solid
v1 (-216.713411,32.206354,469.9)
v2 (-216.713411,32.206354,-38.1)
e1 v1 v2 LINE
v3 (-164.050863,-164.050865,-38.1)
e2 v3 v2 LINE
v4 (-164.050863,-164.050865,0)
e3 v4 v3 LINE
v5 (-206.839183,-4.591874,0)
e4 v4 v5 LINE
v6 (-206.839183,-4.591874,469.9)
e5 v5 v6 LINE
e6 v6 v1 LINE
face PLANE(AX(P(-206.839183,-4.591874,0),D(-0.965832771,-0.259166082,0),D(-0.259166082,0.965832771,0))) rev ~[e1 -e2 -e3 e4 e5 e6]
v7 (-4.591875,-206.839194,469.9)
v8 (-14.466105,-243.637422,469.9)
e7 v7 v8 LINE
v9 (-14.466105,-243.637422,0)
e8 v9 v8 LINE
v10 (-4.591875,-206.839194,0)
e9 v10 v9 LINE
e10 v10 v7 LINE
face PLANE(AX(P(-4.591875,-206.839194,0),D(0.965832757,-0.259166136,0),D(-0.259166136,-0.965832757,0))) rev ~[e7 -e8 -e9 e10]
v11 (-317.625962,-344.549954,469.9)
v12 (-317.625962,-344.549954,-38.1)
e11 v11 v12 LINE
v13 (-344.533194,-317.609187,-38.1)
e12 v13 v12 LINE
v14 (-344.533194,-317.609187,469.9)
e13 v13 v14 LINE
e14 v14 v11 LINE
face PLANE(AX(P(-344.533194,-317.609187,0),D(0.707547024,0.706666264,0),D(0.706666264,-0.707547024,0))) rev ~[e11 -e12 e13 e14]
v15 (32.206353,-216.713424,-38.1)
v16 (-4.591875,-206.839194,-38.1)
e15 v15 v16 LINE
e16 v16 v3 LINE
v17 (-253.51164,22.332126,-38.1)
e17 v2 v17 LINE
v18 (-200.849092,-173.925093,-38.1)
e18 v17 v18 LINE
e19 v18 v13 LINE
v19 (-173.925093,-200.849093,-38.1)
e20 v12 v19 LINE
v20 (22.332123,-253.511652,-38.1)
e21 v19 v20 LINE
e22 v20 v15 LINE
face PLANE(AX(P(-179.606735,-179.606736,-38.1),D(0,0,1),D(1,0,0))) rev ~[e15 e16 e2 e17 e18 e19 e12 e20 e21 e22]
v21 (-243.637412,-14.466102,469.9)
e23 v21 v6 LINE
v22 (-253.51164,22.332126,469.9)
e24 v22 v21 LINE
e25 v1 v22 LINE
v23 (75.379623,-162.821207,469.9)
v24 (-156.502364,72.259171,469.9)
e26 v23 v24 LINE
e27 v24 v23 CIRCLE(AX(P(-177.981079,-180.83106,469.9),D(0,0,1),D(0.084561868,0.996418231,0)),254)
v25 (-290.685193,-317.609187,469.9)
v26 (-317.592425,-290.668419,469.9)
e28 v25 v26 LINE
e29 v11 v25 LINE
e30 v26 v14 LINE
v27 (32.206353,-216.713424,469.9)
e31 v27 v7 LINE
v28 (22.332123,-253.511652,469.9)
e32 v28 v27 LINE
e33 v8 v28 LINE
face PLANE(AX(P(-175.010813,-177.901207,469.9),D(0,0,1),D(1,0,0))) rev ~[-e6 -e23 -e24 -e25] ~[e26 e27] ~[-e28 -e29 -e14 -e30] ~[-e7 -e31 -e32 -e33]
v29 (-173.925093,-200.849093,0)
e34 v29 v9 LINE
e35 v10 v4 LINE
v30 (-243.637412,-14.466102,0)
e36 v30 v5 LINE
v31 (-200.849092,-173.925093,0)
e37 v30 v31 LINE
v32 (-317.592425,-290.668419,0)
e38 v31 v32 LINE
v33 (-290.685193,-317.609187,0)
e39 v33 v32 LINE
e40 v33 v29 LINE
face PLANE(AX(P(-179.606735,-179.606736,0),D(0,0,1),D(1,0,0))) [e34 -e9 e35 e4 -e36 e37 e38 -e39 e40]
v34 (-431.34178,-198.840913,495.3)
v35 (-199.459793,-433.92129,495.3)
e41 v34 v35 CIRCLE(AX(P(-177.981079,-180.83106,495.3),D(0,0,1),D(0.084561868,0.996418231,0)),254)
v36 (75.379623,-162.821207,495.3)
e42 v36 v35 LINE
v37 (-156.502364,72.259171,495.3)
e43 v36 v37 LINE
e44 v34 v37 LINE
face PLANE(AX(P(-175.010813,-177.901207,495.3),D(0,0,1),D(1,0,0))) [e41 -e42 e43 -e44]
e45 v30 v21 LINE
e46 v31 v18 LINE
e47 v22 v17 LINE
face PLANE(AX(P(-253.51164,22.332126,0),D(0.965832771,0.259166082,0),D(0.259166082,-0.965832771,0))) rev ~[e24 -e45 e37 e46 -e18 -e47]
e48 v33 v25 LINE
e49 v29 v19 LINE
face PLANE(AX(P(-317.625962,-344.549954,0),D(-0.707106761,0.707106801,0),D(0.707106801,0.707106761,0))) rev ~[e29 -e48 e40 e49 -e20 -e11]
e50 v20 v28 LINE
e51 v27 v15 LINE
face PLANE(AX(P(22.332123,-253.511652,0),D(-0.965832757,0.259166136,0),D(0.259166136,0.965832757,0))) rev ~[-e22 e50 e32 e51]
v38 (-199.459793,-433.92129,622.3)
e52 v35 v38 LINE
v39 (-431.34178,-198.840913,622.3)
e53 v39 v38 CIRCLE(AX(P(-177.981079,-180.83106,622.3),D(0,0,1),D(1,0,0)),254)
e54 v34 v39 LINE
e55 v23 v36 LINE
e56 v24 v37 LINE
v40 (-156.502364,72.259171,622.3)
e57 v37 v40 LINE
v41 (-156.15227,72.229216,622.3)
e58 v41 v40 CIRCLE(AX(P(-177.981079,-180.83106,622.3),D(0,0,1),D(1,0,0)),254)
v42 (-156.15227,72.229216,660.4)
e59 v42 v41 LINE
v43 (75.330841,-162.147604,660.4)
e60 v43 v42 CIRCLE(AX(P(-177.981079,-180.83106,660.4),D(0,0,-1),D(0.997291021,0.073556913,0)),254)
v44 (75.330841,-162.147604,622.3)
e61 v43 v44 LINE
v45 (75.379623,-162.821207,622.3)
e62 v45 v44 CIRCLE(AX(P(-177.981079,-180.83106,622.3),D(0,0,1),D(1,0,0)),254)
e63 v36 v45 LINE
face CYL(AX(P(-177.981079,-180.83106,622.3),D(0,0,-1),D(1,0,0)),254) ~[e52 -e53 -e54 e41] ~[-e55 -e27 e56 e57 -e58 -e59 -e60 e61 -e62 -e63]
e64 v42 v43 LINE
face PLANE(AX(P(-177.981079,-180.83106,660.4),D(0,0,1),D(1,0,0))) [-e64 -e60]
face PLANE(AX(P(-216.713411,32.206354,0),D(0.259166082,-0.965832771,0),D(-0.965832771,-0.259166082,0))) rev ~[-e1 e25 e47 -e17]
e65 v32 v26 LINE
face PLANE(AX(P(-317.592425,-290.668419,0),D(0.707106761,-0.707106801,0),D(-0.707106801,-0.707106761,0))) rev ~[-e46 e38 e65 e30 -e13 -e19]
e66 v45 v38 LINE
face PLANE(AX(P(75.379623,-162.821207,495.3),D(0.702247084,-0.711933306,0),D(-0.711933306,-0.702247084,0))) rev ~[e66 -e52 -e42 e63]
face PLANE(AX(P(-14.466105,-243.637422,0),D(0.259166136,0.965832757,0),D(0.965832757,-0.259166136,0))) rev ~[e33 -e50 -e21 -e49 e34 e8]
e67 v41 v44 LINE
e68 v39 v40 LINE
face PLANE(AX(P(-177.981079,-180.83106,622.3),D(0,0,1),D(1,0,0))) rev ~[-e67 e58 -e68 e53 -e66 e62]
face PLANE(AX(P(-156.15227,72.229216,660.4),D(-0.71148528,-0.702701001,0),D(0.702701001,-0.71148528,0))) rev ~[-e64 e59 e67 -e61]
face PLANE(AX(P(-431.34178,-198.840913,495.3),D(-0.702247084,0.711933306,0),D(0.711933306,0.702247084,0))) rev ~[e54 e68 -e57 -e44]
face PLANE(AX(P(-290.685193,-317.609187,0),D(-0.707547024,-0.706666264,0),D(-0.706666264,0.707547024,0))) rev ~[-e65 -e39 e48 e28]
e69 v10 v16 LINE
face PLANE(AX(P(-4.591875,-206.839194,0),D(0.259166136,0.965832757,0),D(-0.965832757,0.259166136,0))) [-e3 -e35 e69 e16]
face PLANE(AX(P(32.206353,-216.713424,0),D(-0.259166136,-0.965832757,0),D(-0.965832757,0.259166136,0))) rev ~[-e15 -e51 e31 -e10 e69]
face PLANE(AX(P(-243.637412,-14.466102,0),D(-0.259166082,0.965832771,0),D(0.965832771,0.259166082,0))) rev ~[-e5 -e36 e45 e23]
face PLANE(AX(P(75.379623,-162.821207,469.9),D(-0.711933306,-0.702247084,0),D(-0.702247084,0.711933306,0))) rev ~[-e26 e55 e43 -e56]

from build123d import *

# Parameters (mm, degrees)
F1_DEPTH  = 38.1
F2_DEPTH  = 469.9
F3_DEPTH  = 469.9
F4_DEPTH  = 469.9
F6_DEPTH  = 25.4
F8_DEPTH  = 127
F9_R      = 254
F10_DEPTH = 38.1
F12_DEPTH = 38.1


with BuildPart() as f1:
    # F0 (on Top) → F1 (new body)
    with BuildSketch(Plane.XY):
        Polygon((-164.0508631923, -164.0508649307), (-200.8490917777, -173.9250926458), (-173.9250929642, -200.8490929642), align=None)
        Polygon((-173.9250929642, -200.8490929642), (-200.8490917777, -173.9250926458), (-317.5924246142, -290.6684189572), (-290.6851930936, -317.6091865675), align=None)
        Polygon((-243.6374118769, -14.4661021088), (-200.8490917777, -173.9250926458), (-164.0508631923, -164.0508649307), (-206.8391832914, -4.5918743936), align=None)
        Polygon((-164.0508631923, -164.0508649307), (-173.9250929642, -200.8490929642), (-14.4661048188, -243.6374219761), (-4.5918750468, -206.8391939425), align=None)
        Polygon((-290.6851930936, -317.6091865675), (-317.5924246142, -290.6684189572), (-344.5331937303, -317.6091865675), (-317.6259622097, -344.5499541778), align=None)
        Polygon((-253.5116395921, 22.3321264767), (-243.6374118769, -14.4661021088), (-206.8391832914, -4.5918743936), (-216.7134110066, 32.2063541919), align=None)
        Polygon((-4.5918750468, -206.8391939425), (-14.4661048188, -243.6374219761), (22.3321232148, -253.5116517481), (32.2063529868, -216.7134237145), align=None)
    extrude(amount=-F1_DEPTH)

    # F0 (on Top) → F2 (join)
    with BuildSketch(Plane.XY):
        Polygon((-290.6851930936, -317.6091865675), (-317.5924246142, -290.6684189572), (-344.5331937303, -317.6091865675), (-317.6259622097, -344.5499541778), align=None)
    extrude(amount=F2_DEPTH)

    # F0 (on Top) → F3 (join)
    with BuildSketch(Plane.XY):
        Polygon((-4.5918750468, -206.8391939425), (-14.4661048188, -243.6374219761), (22.3321232148, -253.5116517481), (32.2063529868, -216.7134237145), align=None)
    extrude(amount=F3_DEPTH)

    # F0 (on Top) → F4 (join)
    with BuildSketch(Plane.XY):
        Polygon((-253.5116395921, 22.3321264767), (-243.6374118769, -14.4661021088), (-206.8391832914, -4.5918743936), (-216.7134110066, 32.2063541919), align=None)
    extrude(amount=F4_DEPTH)

    # F5 (on face) → F6 (join)
    with BuildSketch(Plane.XY.offset(469.9)):
        with BuildLine():
            Line((75.3796231443, -162.8212069793), (-156.5023640677, 72.2591707782))
            ThreePointArc((-156.5023640677, 72.2591707782), (-358.8121384382, -359.2018192073), (75.3796231443, -162.8212069793))
        make_face()
    extrude(amount=F6_DEPTH)

    # F7 (on face) → F8 (join)
    with BuildSketch(Plane.XY.offset(495.3)):
        with BuildLine():
            Line((75.3796231443, -162.8212069793), (-199.4597931818, -433.9212904052))
            ThreePointArc((-199.4597931818, -433.9212904052), (0.3896807691, -361.662119627), (75.3796231443, -162.8212069793))
        make_face()
        with BuildLine():
            ThreePointArc((-156.5023640677, 72.2591707782), (-356.3518380185, 0), (-431.3417803937, -198.8409126477))
            Line((-431.3417803937, -198.8409126477), (-156.5023640677, 72.2591707782))
        make_face()
    extrude(amount=F8_DEPTH)

    # F9 (on face) → F10 (join)
    with BuildSketch(Plane.XY.offset(622.3)):
        with Locations((-177.9810786247, -180.8310598135)):
            Circle(F9_R)
    extrude(amount=F10_DEPTH)

    # F11 (on face) → F12 (cut)
    with BuildSketch(Plane.XY.offset(660.4)):
        with BuildLine():
            ThreePointArc((75.3308407052, -162.1476038864), (2.7361824332, -2.3450055803), (-156.1522700542, 72.2292158451))
            Line((-156.1522700542, 72.2292158451), (75.3308407052, -162.1476038864))
        make_face()
    extrude(amount=-F12_DEPTH, mode=Mode.SUBTRACT)


solid = f1.part
